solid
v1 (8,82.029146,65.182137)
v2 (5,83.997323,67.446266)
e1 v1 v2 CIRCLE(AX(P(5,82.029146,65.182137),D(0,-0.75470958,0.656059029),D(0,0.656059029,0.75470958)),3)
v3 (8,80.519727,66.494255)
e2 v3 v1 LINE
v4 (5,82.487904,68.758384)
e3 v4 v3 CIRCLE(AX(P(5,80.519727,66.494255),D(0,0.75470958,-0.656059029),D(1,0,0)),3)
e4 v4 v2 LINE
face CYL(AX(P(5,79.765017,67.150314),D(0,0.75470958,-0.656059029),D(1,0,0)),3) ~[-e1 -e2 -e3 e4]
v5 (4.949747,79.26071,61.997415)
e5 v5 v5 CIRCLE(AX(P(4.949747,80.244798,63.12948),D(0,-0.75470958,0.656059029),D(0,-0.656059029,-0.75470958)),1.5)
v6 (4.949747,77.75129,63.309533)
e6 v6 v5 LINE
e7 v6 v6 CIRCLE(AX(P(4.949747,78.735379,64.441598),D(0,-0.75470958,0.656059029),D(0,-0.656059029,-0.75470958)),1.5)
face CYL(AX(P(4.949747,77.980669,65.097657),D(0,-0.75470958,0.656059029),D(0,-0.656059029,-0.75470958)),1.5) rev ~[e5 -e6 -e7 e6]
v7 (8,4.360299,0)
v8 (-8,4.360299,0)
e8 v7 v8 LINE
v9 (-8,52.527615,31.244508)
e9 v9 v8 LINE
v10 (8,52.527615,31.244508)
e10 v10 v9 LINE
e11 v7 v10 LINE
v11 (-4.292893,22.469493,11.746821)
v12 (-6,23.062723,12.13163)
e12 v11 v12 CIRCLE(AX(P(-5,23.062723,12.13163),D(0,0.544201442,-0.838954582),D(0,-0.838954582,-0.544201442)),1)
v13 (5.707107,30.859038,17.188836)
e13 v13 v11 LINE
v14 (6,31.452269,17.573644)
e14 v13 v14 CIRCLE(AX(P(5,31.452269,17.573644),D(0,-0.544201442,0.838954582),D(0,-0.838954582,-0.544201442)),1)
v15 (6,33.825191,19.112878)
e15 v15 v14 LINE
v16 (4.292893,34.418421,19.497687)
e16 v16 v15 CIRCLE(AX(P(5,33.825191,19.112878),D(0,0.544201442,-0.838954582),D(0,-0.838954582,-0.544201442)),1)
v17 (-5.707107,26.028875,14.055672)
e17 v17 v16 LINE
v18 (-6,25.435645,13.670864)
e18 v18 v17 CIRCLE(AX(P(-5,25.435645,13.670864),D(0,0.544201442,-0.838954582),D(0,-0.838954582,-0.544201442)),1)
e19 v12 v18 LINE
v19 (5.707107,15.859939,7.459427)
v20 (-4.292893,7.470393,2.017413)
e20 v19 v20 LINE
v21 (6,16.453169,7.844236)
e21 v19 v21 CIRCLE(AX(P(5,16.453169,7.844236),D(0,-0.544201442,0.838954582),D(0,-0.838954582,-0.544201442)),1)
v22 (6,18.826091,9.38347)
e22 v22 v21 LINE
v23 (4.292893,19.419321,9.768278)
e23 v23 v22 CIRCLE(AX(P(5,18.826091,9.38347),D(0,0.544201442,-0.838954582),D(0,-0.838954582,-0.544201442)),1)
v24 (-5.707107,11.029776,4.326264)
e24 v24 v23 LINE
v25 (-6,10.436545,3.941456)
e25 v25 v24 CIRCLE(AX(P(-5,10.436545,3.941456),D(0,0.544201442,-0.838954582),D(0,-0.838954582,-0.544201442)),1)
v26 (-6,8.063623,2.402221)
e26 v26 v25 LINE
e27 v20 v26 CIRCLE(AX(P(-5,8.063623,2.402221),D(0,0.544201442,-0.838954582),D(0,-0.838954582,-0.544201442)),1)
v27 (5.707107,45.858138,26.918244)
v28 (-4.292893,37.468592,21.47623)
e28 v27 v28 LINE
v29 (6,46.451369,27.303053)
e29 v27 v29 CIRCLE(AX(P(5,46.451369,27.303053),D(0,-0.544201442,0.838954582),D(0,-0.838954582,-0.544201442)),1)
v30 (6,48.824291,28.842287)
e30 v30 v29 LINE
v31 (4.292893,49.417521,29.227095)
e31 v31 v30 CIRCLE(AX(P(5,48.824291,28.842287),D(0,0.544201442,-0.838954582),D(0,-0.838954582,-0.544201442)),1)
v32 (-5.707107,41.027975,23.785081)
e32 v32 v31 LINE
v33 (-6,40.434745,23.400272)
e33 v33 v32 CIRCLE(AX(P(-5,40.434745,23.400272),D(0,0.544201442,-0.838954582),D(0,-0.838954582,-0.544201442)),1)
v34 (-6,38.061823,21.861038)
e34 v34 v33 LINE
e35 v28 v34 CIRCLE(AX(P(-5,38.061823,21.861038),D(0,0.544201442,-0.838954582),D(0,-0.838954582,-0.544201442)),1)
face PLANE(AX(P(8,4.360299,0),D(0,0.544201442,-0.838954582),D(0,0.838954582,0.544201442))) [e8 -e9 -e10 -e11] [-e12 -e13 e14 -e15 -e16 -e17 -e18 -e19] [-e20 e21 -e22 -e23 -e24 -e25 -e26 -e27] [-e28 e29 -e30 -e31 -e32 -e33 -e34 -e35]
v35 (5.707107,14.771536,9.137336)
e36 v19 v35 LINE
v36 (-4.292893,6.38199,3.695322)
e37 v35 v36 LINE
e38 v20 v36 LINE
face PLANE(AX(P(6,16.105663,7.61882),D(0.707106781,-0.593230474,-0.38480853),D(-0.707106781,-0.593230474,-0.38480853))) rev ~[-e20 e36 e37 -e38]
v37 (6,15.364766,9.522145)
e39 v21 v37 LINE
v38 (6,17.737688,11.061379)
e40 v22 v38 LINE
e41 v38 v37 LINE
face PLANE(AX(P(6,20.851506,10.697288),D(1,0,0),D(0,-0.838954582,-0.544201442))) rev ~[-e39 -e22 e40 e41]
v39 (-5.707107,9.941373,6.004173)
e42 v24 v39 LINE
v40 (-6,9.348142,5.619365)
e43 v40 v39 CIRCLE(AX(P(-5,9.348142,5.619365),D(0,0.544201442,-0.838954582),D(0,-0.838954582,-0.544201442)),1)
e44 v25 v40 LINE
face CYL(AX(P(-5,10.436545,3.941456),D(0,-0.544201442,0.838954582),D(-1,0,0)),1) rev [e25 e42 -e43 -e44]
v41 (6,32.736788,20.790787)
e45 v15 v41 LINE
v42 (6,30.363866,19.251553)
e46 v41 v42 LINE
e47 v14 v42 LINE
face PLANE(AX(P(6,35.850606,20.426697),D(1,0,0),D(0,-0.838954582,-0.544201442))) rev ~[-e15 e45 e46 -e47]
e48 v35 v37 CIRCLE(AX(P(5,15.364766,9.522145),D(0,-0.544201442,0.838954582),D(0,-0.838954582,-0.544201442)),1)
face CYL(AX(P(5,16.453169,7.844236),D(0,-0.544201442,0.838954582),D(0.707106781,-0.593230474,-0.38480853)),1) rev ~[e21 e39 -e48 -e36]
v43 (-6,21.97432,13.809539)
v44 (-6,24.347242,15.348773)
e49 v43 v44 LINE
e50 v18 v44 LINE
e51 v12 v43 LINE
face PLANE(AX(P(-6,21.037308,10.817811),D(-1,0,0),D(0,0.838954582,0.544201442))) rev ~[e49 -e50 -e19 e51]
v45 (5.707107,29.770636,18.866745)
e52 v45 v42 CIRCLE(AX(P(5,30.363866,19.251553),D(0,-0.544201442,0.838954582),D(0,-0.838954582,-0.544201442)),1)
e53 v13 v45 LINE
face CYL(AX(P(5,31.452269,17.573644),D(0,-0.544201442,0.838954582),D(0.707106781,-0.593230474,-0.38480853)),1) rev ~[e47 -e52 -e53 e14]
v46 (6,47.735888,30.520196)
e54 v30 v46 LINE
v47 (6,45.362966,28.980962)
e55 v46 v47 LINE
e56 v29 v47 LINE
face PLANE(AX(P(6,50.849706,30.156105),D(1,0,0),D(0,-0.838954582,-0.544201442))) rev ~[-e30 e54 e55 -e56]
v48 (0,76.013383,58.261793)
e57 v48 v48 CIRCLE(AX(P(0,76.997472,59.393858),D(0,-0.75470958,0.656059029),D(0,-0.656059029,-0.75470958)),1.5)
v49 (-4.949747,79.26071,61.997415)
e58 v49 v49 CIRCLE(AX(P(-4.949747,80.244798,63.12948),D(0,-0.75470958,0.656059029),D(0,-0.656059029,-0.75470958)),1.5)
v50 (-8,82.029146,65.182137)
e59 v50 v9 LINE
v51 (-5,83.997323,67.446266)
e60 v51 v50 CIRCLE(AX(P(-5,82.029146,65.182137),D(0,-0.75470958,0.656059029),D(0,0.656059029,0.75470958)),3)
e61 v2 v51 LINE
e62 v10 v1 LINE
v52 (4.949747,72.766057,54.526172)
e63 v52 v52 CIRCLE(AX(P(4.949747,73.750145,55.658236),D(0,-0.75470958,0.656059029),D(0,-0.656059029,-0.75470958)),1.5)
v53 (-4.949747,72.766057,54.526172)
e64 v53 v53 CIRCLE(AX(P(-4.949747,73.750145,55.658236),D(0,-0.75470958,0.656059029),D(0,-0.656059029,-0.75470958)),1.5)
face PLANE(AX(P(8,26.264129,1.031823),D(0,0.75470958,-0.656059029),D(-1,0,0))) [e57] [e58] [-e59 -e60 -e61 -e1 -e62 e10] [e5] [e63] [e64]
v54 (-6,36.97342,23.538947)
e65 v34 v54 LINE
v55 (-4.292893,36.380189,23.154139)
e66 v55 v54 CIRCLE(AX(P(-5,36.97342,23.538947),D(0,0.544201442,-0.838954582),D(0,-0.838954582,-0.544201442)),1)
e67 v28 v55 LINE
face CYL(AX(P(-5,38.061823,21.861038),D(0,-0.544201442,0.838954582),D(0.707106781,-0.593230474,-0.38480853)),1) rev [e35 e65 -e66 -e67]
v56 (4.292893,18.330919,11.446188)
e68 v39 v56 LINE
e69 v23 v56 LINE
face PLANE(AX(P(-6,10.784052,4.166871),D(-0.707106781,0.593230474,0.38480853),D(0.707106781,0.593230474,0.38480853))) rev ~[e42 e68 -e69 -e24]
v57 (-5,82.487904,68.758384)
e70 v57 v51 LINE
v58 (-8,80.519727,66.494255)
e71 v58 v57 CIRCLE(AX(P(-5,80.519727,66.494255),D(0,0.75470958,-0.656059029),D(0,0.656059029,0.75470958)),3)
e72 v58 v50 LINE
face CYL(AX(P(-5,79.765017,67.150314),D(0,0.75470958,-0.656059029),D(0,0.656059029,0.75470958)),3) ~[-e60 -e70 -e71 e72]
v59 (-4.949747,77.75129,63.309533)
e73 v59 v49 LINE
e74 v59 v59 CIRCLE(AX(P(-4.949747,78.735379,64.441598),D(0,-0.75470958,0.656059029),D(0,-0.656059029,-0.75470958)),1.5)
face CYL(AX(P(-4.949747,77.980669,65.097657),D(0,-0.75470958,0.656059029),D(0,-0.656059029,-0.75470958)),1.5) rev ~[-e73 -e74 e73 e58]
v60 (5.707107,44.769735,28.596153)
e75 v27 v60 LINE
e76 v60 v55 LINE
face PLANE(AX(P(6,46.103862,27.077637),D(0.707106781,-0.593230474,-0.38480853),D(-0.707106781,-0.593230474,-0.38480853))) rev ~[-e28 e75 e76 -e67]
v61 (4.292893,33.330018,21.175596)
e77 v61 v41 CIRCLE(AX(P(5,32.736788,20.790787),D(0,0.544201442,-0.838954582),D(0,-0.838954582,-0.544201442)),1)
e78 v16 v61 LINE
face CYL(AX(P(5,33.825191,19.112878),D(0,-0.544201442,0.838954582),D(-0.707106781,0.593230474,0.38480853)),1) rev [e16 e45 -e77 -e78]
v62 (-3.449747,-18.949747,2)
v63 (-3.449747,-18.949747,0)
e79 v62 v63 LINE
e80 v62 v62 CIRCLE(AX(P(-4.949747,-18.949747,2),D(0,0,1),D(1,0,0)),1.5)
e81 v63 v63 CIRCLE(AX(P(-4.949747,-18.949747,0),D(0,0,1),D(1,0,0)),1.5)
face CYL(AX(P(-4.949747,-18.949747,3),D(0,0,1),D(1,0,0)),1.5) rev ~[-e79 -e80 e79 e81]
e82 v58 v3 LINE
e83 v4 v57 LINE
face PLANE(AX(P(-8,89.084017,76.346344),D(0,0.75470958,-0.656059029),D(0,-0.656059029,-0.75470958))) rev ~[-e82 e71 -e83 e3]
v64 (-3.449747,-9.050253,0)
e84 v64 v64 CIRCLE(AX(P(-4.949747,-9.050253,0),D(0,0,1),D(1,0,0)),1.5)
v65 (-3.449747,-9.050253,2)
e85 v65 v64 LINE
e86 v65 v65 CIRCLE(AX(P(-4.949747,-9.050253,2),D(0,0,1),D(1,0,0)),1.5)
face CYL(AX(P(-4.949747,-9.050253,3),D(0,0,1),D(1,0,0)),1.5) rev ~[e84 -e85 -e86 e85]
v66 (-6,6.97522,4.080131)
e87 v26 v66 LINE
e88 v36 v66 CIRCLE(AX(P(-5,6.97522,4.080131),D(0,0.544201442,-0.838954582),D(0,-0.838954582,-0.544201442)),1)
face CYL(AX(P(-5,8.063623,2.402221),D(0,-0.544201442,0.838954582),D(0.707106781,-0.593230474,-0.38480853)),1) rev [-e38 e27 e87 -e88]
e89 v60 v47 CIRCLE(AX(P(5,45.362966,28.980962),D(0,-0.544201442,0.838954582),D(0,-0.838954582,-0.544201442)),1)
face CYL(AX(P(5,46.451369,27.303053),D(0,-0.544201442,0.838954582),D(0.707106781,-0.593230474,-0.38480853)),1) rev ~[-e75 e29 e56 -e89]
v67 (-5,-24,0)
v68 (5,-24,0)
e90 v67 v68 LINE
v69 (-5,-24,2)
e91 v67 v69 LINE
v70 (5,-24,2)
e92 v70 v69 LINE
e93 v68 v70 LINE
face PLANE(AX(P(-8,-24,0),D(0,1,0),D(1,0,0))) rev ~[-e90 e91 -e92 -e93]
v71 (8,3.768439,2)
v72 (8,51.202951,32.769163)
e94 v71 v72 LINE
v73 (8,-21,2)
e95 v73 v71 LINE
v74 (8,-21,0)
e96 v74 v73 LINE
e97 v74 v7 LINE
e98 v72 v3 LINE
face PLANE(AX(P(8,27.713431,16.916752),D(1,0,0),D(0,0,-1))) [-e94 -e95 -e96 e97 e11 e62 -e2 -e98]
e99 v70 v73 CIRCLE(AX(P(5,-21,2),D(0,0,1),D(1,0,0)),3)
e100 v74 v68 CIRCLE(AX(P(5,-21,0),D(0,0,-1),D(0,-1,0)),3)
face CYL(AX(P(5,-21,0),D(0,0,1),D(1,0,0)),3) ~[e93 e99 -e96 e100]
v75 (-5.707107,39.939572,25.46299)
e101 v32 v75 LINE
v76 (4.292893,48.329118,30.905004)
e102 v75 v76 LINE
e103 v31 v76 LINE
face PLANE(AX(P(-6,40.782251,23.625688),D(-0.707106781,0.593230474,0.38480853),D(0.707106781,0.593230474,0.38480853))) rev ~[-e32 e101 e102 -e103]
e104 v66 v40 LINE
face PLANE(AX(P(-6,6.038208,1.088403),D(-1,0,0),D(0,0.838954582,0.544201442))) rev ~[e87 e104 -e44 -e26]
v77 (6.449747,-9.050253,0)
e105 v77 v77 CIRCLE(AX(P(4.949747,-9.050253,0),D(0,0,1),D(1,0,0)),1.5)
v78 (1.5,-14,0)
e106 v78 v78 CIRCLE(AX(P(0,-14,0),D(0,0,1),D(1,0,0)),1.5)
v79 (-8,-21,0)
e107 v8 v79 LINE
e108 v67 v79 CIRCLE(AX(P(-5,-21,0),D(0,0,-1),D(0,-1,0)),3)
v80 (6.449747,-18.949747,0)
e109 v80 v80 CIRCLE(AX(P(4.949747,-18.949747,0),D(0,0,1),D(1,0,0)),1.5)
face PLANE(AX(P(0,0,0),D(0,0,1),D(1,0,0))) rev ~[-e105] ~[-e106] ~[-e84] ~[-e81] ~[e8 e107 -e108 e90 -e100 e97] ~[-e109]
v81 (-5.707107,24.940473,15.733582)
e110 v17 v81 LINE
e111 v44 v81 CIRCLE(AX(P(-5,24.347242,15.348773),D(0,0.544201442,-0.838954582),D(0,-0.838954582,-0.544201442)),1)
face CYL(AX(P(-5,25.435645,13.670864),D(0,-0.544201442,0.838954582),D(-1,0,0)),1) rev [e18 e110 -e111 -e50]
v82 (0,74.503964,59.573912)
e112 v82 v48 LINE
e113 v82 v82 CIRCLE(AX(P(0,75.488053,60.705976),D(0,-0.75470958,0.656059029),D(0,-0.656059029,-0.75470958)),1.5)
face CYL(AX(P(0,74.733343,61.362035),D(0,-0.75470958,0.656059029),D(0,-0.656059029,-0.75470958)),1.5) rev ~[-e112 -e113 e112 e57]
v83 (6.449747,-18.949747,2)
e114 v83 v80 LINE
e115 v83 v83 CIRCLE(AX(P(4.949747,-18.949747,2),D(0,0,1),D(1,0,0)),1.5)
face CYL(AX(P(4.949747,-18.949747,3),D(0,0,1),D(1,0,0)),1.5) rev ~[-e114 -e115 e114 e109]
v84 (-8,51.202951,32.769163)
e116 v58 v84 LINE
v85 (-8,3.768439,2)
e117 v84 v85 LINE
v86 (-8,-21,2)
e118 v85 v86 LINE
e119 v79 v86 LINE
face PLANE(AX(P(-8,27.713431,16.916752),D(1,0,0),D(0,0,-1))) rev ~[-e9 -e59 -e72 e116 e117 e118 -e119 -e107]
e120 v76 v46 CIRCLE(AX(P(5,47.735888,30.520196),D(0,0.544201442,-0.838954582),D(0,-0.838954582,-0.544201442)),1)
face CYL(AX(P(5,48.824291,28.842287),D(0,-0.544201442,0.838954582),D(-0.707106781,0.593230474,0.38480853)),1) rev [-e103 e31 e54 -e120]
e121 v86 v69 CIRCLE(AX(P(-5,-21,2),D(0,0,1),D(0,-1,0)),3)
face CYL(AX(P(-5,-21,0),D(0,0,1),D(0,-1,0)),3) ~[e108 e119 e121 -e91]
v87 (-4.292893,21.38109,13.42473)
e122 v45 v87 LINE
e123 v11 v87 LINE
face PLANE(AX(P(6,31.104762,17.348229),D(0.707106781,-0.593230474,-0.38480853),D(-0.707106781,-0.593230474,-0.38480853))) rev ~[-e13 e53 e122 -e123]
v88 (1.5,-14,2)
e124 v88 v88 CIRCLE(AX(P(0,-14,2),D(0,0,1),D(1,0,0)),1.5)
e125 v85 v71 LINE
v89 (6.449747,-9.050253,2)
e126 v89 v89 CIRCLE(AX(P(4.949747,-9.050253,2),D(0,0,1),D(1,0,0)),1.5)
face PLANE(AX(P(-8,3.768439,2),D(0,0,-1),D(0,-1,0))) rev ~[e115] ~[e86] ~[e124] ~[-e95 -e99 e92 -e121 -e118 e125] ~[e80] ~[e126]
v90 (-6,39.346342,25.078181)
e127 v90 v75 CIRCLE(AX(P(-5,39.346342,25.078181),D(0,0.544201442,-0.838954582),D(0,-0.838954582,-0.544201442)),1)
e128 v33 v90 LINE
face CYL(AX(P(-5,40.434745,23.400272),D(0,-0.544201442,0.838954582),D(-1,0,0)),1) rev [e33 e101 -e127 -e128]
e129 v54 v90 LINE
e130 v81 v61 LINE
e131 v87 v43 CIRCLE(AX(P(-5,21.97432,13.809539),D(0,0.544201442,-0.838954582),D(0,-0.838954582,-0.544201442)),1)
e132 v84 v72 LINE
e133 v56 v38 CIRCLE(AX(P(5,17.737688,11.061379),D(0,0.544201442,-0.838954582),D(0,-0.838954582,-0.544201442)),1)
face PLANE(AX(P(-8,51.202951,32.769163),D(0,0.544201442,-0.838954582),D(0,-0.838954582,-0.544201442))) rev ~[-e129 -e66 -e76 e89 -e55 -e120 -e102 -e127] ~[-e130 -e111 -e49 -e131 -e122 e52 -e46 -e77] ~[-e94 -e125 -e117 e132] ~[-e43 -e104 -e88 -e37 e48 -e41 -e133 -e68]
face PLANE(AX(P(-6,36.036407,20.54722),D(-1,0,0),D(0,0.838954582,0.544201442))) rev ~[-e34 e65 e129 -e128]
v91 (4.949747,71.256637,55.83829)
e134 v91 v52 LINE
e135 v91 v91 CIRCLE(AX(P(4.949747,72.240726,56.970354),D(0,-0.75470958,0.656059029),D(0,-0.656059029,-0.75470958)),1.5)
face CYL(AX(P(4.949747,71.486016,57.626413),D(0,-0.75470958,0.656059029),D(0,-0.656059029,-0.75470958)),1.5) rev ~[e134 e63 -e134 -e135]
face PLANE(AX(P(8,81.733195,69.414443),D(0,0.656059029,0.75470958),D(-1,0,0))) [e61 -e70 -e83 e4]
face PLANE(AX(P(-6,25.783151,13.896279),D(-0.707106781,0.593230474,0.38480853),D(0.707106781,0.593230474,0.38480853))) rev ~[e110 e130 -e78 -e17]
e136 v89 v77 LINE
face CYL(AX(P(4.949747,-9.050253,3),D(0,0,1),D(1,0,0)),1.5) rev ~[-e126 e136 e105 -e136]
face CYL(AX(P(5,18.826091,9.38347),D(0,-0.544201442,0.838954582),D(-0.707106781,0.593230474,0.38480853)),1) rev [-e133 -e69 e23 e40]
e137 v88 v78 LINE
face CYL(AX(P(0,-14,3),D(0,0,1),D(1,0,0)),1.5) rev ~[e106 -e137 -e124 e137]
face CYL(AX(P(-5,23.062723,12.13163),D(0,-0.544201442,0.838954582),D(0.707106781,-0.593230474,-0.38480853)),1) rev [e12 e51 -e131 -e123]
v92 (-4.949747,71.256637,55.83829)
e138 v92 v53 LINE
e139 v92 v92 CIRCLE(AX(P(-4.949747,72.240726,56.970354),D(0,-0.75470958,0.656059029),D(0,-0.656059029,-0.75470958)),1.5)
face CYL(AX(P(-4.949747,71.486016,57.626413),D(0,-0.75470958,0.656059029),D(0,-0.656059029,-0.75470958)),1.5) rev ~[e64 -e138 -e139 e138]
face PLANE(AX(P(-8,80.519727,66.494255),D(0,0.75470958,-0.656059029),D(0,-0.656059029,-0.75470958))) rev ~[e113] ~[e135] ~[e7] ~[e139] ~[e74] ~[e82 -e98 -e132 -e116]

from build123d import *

# Parameters (mm, degrees)
SKETCH_1_W          = 16
SKETCH_1_H          = 48
EXTRUDE_1_DEPTH     = 3
SKETCH_2_R          = 1.5
CUT_EXTRUDE_1_DEPTH = 26.475478406
SKETCH_3_W          = 16
SKETCH_3_H          = 88
EXTRUDE_2_DEPTH     = 3
SKETCH_4_W          = 16
SKETCH_4_H          = 3
EXTRUDE_3_DEPTH     = 2
SKETCH_5_R          = 1.5
CUT_EXTRUDE_2_DEPTH = 108.805767963
FILLET_3_R          = 3
EXTRUDE_4_DEPTH     = 16
CUT_EXTRUDE_3_DEPTH = 111.135894355
CUT_EXTRUDE_4_DEPTH = 111.135894355
CUT_EXTRUDE_5_DEPTH = 110.131666201
FILLET_4_R          = 1


with BuildPart() as part:
    # 草图1 → 凸台-拉伸1 (new body)
    with BuildSketch(Plane.XY):
        Rectangle(SKETCH_1_W, SKETCH_1_H)
    extrude(amount=EXTRUDE_1_DEPTH)

    # 草图2 → 切除-拉伸1 (cut, through all)
    with BuildSketch(Plane.XY.offset(3)):
        with Locations((-4.949747468, -9.050252532)):
            Circle(SKETCH_2_R)
        with Locations((0, -14)):
            Circle(SKETCH_2_R)
        with Locations((4.949747468, -9.050252532)):
            Circle(SKETCH_2_R)
        with Locations((4.949747468, -18.949747468)):
            Circle(SKETCH_2_R)
        with Locations((-4.949747468, -18.949747468)):
            Circle(SKETCH_2_R)
    extrude(amount=-CUT_EXTRUDE_1_DEPTH, mode=Mode.SUBTRACT)



with BuildPart() as body_2:
    # 草图3 → 凸台-拉伸2 (new body)
    with BuildSketch(Plane(origin=(0, 12.184675108, -10.591976476), x_dir=(-1, 0, 0), z_dir=(0, 0.7547095802227686, -0.6560590289905112))):
        with Locations((0, 62.009545436)):
            Rectangle(SKETCH_3_W, SKETCH_3_H)
    extrude(amount=EXTRUDE_2_DEPTH)


with BuildPart() as part_1:
    add(part.part)

    add(body_2.part)  # 凸台-拉伸3 merges body 2
    # 草图4 → 凸台-拉伸3 (add)
    with BuildSketch(Plane(origin=(0, 11.815324892, 13.591976476), x_dir=(-1, 0, 0), z_dir=(0, -0.6560590289905113, -0.7547095802227686))):
        with Locations((0, 17.644852838)):
            Rectangle(SKETCH_4_W, SKETCH_4_H)
    extrude(amount=EXTRUDE_3_DEPTH)

    # 草图5 → 切除-拉伸2 (cut, through all)
    with BuildSketch(Plane(origin=(0, 12.184675108, -10.591976476), x_dir=(1, 0, 0), z_dir=(0, -0.7547095802227686, 0.6560590289905113))):
        with Locations(Location((0, 95.34, 0), (0, 0, 270))):
            Circle(SKETCH_5_R)
        with Locations(Location((-4.949747468, 100.289747468, 0), (0, 0, 270))):
            Circle(SKETCH_5_R)
        with Locations(Location((4.949747468, 100.289747468, 0), (0, 0, 270))):
            Circle(SKETCH_5_R)
        with Locations(Location((4.949747468, 90.390252532, 0), (0, 0, 270))):
            Circle(SKETCH_5_R)
        with Locations(Location((-4.949747468, 90.390252532, 0), (0, 0, 270))):
            Circle(SKETCH_5_R)
    extrude(amount=-CUT_EXTRUDE_2_DEPTH, mode=Mode.SUBTRACT)

    # 圆角3
    fillet_3_edges = [part_1.edges().sort_by_distance(p)[0] for p in [
        (8, 82.865258921, 68.430354516),
        (-8, 82.865258921, 68.430354516),
        (8, -24, 1.5),
        (-8, -24, 1.5),
    ]]
    fillet(fillet_3_edges, radius=FILLET_3_R)

    # 草图6 → 凸台-拉伸4 (add)
    with BuildSketch(Plane.ZY.offset(8)):
        Polygon((33.531489951, 50.5406193), (3, 3.472509188), (0, 4.360298556), (31.244508057, 52.52761525), align=None)
    extrude(amount=-EXTRUDE_4_DEPTH)

    # 草图9 → 切除-拉伸3 (cut, through all)
    with BuildSketch(Plane(origin=(8, 0, 0), x_dir=(0, 0, -1), z_dir=(1, 0, 0))):
        Polygon((0, 4.360298556), (-31.244508057, 52.52761525), (6.052752185, 30.680291416), align=None)
    extrude(amount=-CUT_EXTRUDE_3_DEPTH, mode=Mode.SUBTRACT)

    # 草图11 → 切除-拉伸4 (cut, through all)
    with BuildSketch(Plane.ZY.offset(8)):
        Polygon((33.531489951, 50.5406193), (3, 3.472509188), (3, -21), (2, -21), (2, -26.591575896), (76.346344159, 89.084017238), (66.49425529, 80.519727044), (67.150314319, 79.765017464), align=None)
        Polygon((66.49425529, 80.519727044), (32.769162653, 51.202951283), (33.531489951, 50.5406193), (67.150314319, 79.765017464), align=None)
        Polygon((32.769162653, 51.202951283), (2, 3.768438978), (3, 3.472509188), (33.531489951, 50.5406193), align=None)
        Polygon((3, 3.472509188), (2, 3.768438978), (2, -21), (3, -21), align=None)
    extrude(amount=-CUT_EXTRUDE_4_DEPTH, mode=Mode.SUBTRACT)

    # 草图12 → 切除-拉伸5 (cut, through all)
    with BuildSketch(Plane(origin=(0, 1.291325132, -1.990739187), x_dir=(-1, 0, 0), z_dir=(0, 0.5442014418825505, -0.8389545819965185))):
        Polygon((-6, 53.414735581), (6, 41.414735581), (6, 47.07158983), (-6, 59.07158983), align=None)
        Polygon((-6, 17.658092453), (6, 5.658092453), (6, 11.314946702), (-6, 23.314946702), align=None)
        Polygon((-6, 35.536414017), (6, 23.536414017), (6, 29.193268266), (-6, 41.193268266), align=None)
    extrude(amount=-CUT_EXTRUDE_5_DEPTH, mode=Mode.SUBTRACT)

    # 圆角4
    fillet_4_edges = [part_1.edges().sort_by_distance(p)[0] for p in [
        (6, 50.305504644, 30.995059755),
        (-6, 40.23804966, 24.464642452),
        (-6, 35.492205868, 21.386174213),
        (6, 45.559660852, 27.916591516),
        (6, 35.306404849, 21.265651381),
        (-6, 20.493106073, 11.656765839),
        (-6, 25.238949865, 14.735234079),
        (6, 30.560561057, 18.187183142),
        (6, 20.307305055, 11.536243007),
        (-6, 10.239850071, 5.005825705),
        (-6, 5.494006278, 1.927357466),
        (6, 15.561461262, 8.457774768),
    ]]
    fillet(fillet_4_edges, radius=FILLET_4_R)


solid = part_1.part
